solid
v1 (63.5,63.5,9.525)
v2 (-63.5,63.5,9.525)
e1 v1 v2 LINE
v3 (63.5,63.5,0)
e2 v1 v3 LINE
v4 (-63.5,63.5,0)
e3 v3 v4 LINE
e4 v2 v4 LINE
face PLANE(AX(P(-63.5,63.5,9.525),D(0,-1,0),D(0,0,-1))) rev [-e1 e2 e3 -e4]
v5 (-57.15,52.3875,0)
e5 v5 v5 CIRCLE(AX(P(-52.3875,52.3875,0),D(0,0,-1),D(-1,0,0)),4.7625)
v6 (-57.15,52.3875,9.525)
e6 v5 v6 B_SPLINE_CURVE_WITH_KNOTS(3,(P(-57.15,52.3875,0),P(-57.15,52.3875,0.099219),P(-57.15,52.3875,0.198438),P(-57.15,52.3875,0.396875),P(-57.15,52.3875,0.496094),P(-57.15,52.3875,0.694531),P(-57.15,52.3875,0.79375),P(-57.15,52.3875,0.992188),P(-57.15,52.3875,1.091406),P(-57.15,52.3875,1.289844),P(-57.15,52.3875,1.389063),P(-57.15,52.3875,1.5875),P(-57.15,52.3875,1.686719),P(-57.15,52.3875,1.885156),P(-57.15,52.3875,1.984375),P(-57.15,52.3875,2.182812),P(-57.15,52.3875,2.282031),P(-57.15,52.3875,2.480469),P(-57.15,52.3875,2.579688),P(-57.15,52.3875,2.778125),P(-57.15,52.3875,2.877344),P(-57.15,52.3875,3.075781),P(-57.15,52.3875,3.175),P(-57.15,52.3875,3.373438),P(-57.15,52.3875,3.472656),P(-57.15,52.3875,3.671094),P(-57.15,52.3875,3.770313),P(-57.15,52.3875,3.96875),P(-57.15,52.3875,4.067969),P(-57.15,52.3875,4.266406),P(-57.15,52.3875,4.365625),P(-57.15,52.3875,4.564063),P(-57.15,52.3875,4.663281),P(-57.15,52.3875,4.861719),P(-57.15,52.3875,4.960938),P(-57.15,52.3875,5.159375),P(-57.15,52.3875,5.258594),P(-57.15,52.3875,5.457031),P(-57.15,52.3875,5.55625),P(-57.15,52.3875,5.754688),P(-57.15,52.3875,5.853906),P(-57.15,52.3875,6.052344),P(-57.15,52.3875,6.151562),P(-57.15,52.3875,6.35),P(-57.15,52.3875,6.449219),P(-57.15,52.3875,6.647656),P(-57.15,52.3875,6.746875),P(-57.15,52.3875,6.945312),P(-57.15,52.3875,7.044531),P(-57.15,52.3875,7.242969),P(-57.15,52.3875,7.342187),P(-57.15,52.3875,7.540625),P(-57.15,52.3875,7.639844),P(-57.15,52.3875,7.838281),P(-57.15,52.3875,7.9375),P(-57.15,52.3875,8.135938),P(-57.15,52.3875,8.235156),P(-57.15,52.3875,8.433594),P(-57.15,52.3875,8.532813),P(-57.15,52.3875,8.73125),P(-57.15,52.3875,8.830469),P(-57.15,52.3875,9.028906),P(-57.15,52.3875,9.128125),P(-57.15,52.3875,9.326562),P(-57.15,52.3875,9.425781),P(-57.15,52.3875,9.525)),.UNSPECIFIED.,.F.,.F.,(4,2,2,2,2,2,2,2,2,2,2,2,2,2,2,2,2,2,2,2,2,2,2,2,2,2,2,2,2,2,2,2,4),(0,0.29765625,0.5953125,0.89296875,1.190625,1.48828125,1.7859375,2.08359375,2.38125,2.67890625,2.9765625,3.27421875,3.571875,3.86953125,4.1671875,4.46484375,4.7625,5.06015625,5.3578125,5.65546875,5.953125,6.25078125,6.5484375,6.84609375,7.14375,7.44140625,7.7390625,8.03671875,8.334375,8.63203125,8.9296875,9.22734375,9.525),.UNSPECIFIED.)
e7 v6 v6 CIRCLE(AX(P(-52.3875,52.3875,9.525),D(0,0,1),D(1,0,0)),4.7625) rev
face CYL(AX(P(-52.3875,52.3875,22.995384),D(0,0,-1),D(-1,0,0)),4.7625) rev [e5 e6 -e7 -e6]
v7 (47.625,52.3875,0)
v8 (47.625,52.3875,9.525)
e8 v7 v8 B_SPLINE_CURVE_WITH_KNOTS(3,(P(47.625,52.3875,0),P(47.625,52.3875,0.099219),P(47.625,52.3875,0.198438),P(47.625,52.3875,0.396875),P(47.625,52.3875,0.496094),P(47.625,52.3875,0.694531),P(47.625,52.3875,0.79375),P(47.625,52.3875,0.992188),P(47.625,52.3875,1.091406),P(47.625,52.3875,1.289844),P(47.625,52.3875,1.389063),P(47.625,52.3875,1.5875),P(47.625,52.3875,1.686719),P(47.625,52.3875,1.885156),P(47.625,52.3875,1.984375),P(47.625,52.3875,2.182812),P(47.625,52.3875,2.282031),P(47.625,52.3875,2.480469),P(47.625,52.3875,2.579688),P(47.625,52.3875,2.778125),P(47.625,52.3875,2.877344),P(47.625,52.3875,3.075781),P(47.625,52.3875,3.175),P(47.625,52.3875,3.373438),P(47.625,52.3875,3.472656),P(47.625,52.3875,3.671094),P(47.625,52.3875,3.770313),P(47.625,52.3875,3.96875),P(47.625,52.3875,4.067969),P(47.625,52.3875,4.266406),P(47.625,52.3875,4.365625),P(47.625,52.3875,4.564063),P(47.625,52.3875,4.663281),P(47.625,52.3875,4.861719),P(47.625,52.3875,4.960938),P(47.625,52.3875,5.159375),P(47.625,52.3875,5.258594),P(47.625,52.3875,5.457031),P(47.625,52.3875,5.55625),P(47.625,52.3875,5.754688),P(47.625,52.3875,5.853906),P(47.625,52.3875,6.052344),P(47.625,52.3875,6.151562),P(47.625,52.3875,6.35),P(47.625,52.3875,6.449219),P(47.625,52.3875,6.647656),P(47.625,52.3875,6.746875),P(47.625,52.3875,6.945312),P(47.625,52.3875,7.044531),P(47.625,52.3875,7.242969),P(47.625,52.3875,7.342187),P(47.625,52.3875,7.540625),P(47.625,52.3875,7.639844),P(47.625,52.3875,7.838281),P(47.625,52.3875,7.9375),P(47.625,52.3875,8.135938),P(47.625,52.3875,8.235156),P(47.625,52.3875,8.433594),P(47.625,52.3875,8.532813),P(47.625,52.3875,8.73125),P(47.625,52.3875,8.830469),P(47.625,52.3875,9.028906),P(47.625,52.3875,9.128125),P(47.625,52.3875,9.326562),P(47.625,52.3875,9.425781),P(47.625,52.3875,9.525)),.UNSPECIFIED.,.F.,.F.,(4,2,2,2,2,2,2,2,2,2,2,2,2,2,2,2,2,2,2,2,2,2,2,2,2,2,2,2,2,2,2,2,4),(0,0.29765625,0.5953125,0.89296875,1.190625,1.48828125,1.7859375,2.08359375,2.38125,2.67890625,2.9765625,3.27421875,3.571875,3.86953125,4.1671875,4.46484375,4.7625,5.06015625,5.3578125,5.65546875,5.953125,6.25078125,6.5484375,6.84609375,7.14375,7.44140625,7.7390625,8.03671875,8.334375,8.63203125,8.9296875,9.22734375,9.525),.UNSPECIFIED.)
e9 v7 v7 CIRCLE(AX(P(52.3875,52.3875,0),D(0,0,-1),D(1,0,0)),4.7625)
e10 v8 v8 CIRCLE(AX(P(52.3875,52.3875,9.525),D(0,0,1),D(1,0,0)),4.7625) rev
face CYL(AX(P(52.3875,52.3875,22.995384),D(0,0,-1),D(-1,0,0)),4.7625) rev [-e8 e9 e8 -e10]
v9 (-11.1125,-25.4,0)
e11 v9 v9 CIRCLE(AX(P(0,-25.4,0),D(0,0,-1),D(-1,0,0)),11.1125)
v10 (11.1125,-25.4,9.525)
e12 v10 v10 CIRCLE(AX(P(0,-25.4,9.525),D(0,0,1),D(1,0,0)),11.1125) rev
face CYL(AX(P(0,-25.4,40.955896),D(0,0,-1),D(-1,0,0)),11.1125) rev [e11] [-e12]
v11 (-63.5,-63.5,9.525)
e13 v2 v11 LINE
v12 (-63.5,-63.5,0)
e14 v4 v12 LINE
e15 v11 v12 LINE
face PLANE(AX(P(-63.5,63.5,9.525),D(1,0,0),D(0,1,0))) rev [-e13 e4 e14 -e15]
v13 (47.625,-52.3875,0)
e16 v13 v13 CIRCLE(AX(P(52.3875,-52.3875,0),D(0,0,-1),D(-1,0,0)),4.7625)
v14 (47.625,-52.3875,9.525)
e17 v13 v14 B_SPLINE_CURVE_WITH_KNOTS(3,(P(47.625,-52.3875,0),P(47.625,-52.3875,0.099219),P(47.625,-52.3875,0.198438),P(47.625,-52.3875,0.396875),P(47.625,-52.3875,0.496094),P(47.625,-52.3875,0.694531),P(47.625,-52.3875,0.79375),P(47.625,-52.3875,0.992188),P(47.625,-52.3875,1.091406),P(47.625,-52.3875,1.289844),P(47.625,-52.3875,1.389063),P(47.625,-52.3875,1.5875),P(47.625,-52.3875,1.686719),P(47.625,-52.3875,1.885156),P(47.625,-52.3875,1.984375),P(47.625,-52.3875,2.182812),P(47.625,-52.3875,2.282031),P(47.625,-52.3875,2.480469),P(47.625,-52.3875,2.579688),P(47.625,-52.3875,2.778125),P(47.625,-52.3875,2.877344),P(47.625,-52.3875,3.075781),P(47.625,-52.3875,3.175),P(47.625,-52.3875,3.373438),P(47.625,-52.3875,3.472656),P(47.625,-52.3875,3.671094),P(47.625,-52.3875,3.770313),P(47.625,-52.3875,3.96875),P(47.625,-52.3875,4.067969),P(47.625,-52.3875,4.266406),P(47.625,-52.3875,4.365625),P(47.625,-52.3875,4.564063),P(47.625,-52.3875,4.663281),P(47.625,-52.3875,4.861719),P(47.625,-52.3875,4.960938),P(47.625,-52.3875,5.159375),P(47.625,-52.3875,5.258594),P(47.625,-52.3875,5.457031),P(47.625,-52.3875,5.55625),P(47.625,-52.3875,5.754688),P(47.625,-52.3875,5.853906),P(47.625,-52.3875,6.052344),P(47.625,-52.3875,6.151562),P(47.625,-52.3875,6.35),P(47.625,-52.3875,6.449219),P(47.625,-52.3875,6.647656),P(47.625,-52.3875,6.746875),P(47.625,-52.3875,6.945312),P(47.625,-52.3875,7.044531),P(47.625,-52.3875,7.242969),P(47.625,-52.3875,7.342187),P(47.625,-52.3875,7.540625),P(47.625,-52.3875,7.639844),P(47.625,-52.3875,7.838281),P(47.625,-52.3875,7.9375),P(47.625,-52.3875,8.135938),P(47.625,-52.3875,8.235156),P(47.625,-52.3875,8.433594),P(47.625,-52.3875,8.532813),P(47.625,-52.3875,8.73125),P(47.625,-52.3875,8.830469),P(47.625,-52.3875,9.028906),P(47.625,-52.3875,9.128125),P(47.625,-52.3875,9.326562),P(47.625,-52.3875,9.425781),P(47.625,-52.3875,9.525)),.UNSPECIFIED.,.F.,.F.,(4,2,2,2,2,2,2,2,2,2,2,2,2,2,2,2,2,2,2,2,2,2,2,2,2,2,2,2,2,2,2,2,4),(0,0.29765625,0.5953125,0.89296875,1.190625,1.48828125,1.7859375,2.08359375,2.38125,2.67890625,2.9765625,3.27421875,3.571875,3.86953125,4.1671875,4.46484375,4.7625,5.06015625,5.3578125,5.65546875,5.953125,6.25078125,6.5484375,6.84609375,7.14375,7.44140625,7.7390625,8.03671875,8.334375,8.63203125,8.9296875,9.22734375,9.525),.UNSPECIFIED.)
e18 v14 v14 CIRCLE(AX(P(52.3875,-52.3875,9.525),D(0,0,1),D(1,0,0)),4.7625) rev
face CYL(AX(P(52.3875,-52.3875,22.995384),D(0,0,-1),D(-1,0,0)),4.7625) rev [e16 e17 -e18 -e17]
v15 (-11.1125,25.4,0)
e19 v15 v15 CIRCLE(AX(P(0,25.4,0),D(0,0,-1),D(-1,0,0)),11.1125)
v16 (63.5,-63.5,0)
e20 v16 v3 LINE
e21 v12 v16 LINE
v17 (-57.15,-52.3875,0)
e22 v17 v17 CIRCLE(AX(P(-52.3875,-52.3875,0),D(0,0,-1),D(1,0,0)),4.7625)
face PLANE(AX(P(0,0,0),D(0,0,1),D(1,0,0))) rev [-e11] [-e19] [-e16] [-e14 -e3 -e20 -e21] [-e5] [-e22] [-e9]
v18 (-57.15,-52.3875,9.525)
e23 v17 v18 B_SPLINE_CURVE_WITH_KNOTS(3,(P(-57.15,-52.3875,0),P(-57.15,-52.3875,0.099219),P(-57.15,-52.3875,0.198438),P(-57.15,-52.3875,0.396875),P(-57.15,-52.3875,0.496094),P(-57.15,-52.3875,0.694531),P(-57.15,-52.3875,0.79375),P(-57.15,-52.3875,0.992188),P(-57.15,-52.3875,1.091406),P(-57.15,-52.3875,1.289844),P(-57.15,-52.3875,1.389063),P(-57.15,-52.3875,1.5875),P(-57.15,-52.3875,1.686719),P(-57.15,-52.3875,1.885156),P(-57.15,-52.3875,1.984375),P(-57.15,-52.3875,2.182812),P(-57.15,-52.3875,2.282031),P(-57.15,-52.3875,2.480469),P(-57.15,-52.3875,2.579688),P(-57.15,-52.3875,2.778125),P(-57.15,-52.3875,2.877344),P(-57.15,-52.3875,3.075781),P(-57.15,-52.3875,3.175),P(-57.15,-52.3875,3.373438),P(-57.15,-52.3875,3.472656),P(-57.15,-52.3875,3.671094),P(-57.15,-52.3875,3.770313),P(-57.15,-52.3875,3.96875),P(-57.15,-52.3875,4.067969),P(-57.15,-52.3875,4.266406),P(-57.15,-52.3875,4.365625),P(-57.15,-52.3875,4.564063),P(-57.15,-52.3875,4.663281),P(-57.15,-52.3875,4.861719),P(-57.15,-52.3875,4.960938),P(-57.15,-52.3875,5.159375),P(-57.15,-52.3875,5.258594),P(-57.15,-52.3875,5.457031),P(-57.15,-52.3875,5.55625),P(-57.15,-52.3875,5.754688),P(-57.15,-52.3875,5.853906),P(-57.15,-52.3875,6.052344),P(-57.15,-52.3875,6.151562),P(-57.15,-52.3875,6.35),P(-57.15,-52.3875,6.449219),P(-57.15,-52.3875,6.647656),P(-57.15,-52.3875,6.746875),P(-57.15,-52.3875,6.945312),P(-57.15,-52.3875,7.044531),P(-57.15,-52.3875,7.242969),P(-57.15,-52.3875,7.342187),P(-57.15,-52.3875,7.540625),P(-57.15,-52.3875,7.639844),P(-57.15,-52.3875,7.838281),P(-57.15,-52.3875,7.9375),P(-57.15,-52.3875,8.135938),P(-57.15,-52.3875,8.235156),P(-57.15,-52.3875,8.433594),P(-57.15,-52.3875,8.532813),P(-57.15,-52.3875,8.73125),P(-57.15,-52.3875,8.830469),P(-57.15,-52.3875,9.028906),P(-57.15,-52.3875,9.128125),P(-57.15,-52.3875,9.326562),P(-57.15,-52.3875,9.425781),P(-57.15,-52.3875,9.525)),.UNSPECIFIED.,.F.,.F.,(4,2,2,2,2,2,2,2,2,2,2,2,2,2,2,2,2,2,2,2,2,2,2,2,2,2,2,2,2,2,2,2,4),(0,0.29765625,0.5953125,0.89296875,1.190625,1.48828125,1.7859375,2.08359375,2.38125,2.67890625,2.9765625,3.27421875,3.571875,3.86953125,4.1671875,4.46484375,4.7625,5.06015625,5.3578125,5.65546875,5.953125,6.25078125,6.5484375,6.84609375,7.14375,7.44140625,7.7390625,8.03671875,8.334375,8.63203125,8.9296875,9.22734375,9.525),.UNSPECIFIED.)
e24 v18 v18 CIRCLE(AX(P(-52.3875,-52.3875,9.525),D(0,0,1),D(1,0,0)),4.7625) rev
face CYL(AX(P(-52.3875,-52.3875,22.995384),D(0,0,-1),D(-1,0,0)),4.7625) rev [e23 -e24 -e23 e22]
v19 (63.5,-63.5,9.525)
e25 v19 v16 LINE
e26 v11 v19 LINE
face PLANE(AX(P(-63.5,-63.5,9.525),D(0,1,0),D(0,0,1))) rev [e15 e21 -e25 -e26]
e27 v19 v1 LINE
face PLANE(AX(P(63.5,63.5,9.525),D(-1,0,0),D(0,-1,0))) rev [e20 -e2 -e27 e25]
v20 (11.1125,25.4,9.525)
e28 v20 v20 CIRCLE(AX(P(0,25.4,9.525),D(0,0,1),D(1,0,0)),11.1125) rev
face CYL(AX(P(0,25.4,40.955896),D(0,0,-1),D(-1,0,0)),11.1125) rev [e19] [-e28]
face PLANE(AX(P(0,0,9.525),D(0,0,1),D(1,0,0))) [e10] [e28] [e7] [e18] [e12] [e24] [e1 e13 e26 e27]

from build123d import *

# Parameters (mm, degrees)
SKETCH1_W           = 127
SKETCH1_H           = 127
BOSS_EXTRUDE1_DEPTH = 9.525
SKETCH2_R           = 11.1125
CUT_EXTRUDE1_DEPTH  = 9.525
SKETCH3_R           = 4.7625
CUT_EXTRUDE2_DEPTH  = 9.525


with BuildPart() as part:
    # Sketch1 → Boss-Extrude1 (new body)
    with BuildSketch(Plane.XY):
        Rectangle(SKETCH1_W, SKETCH1_H)
    extrude(amount=BOSS_EXTRUDE1_DEPTH)

    # Sketch2 → Cut-Extrude1 (cut)
    with BuildSketch(Plane(origin=(0, 0, 0), x_dir=(-1, 0, 0), z_dir=(0, 0, -1))):
        with Locations((0, 25.4)):
            Circle(SKETCH2_R)
        with Locations((0, -25.4)):
            Circle(SKETCH2_R)
    extrude(amount=-CUT_EXTRUDE1_DEPTH, mode=Mode.SUBTRACT)

    # Sketch3 → Cut-Extrude2 (cut)
    with BuildSketch(Plane(origin=(0, 0, 0), x_dir=(-1, 0, 0), z_dir=(0, 0, -1))):
        with Locations((52.3875, 52.3875)):
            Circle(SKETCH3_R)
        with Locations((52.3875, -52.3875)):
            Circle(SKETCH3_R)
        with Locations((-52.3875, 52.3875)):
            Circle(SKETCH3_R)
        with Locations((-52.3875, -52.3875)):
            Circle(SKETCH3_R)
    extrude(amount=-CUT_EXTRUDE2_DEPTH, mode=Mode.SUBTRACT)


solid = part.part
